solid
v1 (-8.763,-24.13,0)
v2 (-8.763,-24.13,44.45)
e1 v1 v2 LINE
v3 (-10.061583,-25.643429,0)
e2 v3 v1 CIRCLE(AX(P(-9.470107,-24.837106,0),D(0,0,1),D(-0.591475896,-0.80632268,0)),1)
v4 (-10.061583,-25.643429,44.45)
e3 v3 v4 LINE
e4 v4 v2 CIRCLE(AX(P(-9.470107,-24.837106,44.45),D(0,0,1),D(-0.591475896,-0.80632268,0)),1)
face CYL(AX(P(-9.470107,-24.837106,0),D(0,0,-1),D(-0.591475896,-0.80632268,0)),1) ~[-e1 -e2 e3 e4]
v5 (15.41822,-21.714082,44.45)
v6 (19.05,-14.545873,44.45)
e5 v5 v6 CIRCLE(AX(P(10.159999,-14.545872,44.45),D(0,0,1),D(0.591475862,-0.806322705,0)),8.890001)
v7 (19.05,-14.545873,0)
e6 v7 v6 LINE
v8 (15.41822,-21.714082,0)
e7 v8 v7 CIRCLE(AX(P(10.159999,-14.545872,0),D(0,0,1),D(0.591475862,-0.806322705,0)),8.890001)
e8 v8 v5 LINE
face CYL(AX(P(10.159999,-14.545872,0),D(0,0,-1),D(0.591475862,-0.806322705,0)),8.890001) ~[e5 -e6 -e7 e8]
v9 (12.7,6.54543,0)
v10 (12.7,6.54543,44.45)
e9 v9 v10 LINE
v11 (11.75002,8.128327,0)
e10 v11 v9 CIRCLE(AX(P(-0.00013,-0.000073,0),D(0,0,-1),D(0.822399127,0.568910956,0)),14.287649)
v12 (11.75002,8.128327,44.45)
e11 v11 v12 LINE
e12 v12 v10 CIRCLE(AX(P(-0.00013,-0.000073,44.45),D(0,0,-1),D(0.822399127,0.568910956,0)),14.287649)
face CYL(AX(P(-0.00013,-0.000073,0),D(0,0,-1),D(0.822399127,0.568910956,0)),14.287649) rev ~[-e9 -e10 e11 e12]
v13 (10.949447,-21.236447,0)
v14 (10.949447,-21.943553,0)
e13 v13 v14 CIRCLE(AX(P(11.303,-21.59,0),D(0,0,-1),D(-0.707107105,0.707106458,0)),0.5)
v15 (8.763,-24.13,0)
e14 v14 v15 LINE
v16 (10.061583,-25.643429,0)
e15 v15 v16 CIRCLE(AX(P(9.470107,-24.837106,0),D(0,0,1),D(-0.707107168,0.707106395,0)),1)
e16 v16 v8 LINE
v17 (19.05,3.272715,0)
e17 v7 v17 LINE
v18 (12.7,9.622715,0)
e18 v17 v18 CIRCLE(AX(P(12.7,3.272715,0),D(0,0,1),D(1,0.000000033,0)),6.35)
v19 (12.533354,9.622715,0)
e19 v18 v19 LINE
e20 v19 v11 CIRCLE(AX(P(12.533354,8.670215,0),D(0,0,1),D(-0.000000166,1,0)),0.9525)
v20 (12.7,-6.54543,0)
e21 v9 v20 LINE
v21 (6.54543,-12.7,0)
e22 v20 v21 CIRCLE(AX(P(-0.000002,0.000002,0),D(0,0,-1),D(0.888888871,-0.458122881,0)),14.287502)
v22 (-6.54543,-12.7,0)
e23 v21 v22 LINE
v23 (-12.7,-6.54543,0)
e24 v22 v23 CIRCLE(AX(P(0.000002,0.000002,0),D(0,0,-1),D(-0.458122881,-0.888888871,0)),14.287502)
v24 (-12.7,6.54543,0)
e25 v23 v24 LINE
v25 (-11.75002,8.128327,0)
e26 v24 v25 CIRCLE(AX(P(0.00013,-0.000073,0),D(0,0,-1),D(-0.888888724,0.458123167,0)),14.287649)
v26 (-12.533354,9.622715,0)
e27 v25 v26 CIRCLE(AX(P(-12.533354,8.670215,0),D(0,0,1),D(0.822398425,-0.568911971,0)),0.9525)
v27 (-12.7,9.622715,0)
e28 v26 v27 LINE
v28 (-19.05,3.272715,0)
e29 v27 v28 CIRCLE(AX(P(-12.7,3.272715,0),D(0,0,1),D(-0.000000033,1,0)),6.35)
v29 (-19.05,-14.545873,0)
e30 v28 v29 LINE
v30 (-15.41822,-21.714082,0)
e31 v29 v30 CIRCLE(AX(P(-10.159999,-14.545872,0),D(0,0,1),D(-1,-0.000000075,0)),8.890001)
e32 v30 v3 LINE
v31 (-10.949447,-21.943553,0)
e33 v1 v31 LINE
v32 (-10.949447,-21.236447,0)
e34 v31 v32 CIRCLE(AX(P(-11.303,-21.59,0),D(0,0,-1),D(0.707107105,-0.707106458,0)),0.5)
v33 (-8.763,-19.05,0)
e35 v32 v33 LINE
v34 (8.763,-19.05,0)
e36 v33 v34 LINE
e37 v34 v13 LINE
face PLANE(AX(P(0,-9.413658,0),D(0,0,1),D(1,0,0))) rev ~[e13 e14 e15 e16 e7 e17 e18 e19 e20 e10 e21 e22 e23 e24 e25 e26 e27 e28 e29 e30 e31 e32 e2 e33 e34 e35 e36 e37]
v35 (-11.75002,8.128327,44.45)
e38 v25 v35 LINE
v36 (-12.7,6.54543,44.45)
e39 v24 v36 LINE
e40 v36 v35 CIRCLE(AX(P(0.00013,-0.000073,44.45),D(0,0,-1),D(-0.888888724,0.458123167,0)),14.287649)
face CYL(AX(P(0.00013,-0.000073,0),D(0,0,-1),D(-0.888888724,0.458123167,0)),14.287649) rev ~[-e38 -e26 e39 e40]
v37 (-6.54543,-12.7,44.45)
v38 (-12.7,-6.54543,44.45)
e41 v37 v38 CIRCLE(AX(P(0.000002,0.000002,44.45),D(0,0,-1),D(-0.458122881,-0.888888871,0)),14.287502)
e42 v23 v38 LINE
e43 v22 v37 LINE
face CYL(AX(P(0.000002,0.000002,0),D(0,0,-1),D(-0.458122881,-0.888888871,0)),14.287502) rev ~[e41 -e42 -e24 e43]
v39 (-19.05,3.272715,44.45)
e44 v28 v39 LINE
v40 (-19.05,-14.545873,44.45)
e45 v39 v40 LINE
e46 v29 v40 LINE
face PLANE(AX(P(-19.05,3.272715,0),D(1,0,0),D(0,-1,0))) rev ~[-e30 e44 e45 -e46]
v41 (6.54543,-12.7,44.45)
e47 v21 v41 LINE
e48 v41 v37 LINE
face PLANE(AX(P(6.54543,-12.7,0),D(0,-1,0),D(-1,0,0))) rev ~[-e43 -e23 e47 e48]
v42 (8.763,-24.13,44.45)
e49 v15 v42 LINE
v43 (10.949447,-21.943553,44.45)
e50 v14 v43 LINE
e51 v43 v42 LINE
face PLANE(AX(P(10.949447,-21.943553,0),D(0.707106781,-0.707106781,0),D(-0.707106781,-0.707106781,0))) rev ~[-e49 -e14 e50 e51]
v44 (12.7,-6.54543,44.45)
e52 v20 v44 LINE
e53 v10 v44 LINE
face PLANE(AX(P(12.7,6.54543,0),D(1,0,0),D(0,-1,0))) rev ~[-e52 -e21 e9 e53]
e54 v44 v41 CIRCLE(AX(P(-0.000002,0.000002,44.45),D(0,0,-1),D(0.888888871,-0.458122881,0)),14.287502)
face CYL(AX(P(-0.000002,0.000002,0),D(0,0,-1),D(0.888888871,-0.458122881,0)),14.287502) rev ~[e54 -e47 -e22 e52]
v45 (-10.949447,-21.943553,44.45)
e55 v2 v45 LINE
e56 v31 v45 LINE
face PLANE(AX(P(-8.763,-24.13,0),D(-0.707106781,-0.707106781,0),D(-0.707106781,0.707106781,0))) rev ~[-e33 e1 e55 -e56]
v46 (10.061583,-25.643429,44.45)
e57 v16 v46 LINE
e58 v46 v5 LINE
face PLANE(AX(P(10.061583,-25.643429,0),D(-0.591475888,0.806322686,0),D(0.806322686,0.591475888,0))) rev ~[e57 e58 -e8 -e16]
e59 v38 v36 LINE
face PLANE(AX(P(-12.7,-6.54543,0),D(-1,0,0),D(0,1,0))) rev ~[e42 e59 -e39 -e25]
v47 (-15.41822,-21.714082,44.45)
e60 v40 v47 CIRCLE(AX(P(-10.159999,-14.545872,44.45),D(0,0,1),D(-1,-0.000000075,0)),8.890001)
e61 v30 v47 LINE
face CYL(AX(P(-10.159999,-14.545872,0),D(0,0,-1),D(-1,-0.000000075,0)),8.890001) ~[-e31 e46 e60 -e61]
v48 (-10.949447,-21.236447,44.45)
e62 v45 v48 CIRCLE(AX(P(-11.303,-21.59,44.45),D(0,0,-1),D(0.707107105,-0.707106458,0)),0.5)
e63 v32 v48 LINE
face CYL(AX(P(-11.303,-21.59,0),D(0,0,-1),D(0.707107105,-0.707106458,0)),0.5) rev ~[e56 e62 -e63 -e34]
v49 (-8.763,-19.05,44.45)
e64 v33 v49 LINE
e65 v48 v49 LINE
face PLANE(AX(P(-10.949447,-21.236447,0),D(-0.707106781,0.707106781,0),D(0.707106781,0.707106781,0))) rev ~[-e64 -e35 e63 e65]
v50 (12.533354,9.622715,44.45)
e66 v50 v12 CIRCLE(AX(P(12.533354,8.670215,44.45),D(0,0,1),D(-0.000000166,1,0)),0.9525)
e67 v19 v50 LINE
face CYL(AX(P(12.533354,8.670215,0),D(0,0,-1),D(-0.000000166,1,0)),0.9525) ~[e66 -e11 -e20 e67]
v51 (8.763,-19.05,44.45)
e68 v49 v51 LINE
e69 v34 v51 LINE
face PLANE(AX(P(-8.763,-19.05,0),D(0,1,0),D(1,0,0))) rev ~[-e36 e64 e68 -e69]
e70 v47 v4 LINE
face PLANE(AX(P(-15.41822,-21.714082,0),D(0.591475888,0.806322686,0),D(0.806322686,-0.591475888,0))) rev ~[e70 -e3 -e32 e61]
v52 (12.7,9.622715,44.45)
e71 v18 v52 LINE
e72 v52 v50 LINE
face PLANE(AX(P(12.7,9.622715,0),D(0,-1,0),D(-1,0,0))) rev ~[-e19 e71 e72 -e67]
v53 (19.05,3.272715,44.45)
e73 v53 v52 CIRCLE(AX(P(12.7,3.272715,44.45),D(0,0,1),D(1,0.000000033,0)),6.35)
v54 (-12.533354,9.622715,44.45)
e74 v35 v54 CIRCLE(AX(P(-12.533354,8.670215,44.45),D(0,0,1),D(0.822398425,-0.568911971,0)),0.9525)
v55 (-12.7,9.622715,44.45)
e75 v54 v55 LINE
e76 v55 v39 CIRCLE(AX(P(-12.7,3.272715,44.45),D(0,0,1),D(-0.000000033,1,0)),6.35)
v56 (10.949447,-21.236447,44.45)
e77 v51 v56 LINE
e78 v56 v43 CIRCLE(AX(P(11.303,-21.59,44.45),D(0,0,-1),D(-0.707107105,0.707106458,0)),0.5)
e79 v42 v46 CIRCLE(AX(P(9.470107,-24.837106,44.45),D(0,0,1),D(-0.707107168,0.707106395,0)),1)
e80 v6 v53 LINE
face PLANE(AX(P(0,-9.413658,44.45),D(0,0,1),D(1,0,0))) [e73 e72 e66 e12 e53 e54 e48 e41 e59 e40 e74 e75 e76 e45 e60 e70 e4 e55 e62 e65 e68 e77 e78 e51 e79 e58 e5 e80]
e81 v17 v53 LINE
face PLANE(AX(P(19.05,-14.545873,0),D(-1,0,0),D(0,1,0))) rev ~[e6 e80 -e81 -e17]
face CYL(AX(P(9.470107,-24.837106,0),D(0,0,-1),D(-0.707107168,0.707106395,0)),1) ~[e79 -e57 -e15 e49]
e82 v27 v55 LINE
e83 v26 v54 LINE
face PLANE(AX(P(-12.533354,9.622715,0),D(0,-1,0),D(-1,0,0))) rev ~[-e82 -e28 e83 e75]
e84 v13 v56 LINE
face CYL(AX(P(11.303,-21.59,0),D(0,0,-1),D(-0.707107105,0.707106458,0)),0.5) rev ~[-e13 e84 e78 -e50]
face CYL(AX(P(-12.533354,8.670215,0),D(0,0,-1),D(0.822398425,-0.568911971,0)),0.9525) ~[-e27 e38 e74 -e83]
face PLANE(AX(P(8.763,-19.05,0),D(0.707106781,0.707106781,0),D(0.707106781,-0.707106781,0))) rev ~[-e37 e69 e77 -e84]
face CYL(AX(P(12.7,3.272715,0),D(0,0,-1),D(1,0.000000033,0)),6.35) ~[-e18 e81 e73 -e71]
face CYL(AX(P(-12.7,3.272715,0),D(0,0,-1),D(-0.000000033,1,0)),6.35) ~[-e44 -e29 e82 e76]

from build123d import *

# Parameters (mm, degrees)
F1_DEPTH = 44.45


with BuildPart() as f1:
    # F0 (on Top) → F1 (new body)
    with BuildSketch(Plane.XY):
        with BuildLine():
            Line((-10.949447, -21.236447), (-8.763, -19.05))
            Line((-8.763, -19.05), (8.763, -19.05))
            Line((8.763, -19.05), (10.949447, -21.236447))
            ThreePointArc((10.949447, -21.236447), (11.803, -21.59), (10.949447, -21.943553))
            Line((10.949447, -21.943553), (8.763, -24.13))
            ThreePointArc((8.763, -24.13), (8.711187, -25.48829), (10.061583, -25.643429))
            Line((10.061583, -25.643429), (15.41822, -21.714082))
            ThreePointArc((15.41822, -21.714082), (18.090248, -18.563741), (19.05, -14.545873))
            Line((19.05, -14.545873), (19.05, 3.272715))
            ThreePointArc((19.05, 3.272715), (17.190128, 7.762843), (12.7, 9.622715))
            Line((12.7, 9.622715), (12.533354, 9.622715))
            ThreePointArc((12.533354, 9.622715), (11.68973, 9.11243), (11.75002, 8.128327))
            ThreePointArc((11.75002, 8.128327), (12.250602, 7.352238), (12.7, 6.54543))
            Line((12.7, 6.54543), (12.7, -6.54543))
            ThreePointArc((12.7, -6.54543), (10.102788, -10.102788), (6.54543, -12.7))
            Line((6.54543, -12.7), (-6.54543, -12.7))
            ThreePointArc((-6.54543, -12.7), (-10.102788, -10.102788), (-12.7, -6.54543))
            Line((-12.7, -6.54543), (-12.7, 6.54543))
            ThreePointArc((-12.7, 6.54543), (-12.250602, 7.352238), (-11.75002, 8.128327))
            ThreePointArc((-11.75002, 8.128327), (-11.68973, 9.11243), (-12.533354, 9.622715))
            Line((-12.533354, 9.622715), (-12.7, 9.622715))
            ThreePointArc((-12.7, 9.622715), (-17.190128, 7.762843), (-19.05, 3.272715))
            Line((-19.05, 3.272715), (-19.05, -14.545873))
            ThreePointArc((-19.05, -14.545873), (-18.090248, -18.563741), (-15.41822, -21.714082))
            Line((-15.41822, -21.714082), (-10.061583, -25.643429))
            ThreePointArc((-10.061583, -25.643429), (-8.711187, -25.48829), (-8.763, -24.13))
            Line((-8.763, -24.13), (-10.949447, -21.943553))
            ThreePointArc((-10.949447, -21.943553), (-11.803, -21.59), (-10.949447, -21.236447))
        make_face()
    extrude(amount=F1_DEPTH)


solid = f1.part
